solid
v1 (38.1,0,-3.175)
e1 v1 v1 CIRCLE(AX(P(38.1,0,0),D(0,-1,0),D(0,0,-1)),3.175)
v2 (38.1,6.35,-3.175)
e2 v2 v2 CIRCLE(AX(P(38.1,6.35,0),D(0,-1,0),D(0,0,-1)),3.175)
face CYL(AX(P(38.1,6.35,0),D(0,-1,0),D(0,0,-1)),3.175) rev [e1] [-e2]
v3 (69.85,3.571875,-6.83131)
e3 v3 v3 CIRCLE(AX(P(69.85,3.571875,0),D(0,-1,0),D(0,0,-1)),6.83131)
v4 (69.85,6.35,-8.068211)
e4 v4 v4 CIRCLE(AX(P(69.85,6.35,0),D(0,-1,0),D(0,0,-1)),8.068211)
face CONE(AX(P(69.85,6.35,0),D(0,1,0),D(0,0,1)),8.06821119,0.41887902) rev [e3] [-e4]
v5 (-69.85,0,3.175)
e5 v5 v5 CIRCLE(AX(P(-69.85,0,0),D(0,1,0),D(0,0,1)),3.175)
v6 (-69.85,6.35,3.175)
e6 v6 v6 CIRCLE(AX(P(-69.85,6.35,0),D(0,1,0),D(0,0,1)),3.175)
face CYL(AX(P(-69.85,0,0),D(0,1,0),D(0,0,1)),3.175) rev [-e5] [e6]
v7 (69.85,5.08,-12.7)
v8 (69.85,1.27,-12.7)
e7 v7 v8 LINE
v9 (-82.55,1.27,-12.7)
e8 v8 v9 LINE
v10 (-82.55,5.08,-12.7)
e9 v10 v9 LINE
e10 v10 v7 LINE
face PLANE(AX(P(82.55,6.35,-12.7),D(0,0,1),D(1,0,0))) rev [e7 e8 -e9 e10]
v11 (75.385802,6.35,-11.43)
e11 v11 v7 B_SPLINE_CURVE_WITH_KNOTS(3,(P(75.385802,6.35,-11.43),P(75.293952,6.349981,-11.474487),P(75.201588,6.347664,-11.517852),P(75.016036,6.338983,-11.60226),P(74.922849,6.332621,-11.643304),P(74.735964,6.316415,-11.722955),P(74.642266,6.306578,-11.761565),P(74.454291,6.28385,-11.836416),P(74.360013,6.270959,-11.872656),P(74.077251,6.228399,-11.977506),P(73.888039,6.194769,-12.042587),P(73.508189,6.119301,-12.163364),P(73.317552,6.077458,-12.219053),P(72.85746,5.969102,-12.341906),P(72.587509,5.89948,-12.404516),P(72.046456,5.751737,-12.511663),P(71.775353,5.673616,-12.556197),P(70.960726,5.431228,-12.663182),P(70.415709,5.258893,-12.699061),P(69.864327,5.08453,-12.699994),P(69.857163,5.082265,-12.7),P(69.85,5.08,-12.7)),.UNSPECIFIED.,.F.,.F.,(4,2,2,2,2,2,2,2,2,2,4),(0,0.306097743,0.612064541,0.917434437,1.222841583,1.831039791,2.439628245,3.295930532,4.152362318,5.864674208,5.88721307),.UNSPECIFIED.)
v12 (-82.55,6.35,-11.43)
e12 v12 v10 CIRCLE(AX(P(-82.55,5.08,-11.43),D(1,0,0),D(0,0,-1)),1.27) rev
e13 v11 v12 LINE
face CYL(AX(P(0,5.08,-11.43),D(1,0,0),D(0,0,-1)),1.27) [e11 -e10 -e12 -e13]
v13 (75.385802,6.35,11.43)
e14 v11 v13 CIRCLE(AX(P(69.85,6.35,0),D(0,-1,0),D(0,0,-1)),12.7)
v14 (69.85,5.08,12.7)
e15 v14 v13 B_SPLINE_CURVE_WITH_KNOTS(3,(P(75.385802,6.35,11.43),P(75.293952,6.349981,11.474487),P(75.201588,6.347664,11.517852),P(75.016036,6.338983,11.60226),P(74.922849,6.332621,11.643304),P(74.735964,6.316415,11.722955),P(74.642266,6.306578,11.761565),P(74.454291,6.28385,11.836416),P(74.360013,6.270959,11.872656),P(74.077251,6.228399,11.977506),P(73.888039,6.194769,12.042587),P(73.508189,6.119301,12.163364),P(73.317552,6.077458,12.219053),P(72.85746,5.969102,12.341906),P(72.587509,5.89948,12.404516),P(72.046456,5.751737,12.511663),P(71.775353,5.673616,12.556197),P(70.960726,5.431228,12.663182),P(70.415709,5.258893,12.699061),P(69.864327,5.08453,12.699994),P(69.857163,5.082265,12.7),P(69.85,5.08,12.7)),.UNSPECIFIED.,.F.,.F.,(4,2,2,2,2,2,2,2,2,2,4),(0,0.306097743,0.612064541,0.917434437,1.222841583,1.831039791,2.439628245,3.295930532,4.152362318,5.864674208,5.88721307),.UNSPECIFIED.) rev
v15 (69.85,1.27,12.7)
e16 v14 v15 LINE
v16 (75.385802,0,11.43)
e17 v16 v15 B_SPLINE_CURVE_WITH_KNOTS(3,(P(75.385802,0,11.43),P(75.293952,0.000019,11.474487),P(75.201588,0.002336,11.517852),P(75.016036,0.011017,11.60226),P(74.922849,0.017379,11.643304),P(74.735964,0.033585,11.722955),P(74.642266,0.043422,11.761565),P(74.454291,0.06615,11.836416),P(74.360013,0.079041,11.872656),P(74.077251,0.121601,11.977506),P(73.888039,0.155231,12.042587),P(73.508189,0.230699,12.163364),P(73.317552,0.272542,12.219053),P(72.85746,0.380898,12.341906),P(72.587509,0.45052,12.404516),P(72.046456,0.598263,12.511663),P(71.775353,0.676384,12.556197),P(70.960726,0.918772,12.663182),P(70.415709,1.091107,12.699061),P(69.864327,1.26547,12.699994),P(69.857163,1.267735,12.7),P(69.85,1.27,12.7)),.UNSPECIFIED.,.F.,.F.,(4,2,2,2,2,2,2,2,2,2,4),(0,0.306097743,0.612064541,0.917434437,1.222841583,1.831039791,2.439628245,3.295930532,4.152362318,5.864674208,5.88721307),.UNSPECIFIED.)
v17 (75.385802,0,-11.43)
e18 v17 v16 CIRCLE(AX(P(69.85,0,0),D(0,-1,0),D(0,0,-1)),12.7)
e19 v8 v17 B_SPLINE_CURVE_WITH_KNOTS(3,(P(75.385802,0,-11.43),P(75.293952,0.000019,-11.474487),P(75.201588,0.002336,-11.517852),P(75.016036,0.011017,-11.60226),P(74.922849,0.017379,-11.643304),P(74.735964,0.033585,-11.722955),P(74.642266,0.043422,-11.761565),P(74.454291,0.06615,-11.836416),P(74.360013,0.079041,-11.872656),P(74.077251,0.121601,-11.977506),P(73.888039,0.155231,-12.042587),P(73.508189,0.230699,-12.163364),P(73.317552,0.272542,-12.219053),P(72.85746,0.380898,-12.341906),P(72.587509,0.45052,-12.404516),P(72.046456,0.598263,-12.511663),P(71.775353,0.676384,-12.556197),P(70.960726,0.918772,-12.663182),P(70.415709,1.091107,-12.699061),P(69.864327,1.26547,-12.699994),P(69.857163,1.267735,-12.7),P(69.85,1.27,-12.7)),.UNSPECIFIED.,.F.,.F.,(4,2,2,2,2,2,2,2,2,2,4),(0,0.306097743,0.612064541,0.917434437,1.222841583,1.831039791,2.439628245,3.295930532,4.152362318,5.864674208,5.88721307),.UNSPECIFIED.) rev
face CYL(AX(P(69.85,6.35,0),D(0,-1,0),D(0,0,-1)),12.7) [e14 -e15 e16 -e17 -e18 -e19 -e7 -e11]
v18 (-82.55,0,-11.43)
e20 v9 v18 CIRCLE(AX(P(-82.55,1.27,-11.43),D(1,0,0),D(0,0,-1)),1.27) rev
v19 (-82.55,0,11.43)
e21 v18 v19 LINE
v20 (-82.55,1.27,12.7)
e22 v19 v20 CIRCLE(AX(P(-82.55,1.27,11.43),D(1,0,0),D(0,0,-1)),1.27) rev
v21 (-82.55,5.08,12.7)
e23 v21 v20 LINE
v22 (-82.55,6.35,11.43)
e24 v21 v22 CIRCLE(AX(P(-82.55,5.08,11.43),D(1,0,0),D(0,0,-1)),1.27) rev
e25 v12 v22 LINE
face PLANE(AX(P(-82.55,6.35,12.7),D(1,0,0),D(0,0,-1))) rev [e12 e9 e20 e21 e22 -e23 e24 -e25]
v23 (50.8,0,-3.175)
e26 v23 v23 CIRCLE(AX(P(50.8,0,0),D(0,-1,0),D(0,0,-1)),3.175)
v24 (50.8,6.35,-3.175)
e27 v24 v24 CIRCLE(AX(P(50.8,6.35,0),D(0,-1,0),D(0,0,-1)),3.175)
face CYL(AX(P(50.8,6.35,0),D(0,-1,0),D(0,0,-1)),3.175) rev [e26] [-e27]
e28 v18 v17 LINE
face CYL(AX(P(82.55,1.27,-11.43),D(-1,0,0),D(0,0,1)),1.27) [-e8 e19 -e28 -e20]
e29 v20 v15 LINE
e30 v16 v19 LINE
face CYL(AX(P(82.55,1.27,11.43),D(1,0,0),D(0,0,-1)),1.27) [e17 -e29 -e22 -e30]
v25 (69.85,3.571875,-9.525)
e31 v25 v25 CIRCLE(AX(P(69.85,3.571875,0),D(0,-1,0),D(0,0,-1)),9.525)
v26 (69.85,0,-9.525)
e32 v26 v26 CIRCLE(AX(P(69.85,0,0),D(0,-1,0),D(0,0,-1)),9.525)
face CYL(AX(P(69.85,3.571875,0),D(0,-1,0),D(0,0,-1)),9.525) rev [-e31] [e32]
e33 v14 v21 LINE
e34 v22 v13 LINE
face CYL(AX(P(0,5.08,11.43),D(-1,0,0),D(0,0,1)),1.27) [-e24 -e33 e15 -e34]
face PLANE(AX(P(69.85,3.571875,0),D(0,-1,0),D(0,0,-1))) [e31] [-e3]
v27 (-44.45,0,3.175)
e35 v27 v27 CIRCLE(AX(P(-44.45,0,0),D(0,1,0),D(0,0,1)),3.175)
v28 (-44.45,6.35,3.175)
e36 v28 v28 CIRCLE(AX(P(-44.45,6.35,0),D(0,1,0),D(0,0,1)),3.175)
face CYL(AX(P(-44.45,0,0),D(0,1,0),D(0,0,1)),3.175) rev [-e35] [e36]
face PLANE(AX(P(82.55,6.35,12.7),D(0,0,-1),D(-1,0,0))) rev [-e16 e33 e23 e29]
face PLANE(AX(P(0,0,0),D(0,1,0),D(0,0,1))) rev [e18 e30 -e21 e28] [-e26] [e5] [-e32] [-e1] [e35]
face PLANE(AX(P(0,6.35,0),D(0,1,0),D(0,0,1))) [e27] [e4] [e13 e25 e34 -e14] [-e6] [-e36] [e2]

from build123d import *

# Parameters (mm, degrees)
SKETCH1_W           = 165.1
SKETCH1_H           = 25.4
BOSS_EXTRUDE1_DEPTH = 6.35
FILLET1_R           = 1.27
SKETCH2_R           = 3.175
SKETCH2_R_2         = 6.35
CUT_EXTRUDE1_DEPTH  = 84.762252835
SKETCH3_R           = 9.525
CUT_EXTRUDE2_DEPTH  = 3.571875
CUT_EXTRUDE3_DEPTH  = 84.762252835
SKETCH5_R           = 3.175
CUT_EXTRUDE4_DEPTH  = 84.762252956


with BuildPart() as part:
    # Sketch1 → Boss-Extrude1 (new body)
    with BuildSketch(Plane(origin=(0, 0, 0), x_dir=(1, 0, 0), z_dir=(0, 1, 0))):
        Rectangle(SKETCH1_W, SKETCH1_H)
    extrude(amount=BOSS_EXTRUDE1_DEPTH)

    # Fillet1
    fillet1_edges = [part.edges().sort_by_distance(p)[0] for p in [
        (0, 0, -12.7),
        (0, 6.35, -12.7),
        (0, 0, 12.7),
        (0, 6.35, 12.7),
    ]]
    fillet(fillet1_edges, radius=FILLET1_R)

    # Sketch2 → Cut-Extrude1 (cut, through all)
    with BuildSketch(Plane(origin=(0, 6.35, 0), x_dir=(1, 0, 0), z_dir=(0, 1, 0))):
        with Locations((-69.85, 0)):
            Circle(SKETCH2_R)
        with Locations((69.85, 0)):
            Circle(SKETCH2_R_2)
        with Locations((-44.45, 0)):
            Circle(SKETCH2_R)
    extrude(amount=-CUT_EXTRUDE1_DEPTH, mode=Mode.SUBTRACT)

    # Sketch3 → Cut-Extrude2 (cut)
    with BuildSketch(Plane.XZ):
        with Locations((69.85, 0)):
            Circle(SKETCH3_R)
    extrude(amount=-CUT_EXTRUDE2_DEPTH, mode=Mode.SUBTRACT)

    # Sketch4 → Cut-Extrude3 (cut, through all)
    with BuildSketch(Plane.XZ):
        with BuildLine():
            Line((69.85, -12.7), (82.55, -12.7))
            Line((82.55, -12.7), (82.55, 0))
            ThreePointArc((82.55, 0), (78.830256121, -8.980256121), (69.85, -12.7))
        make_face()
        with BuildLine():
            Line((82.55, 0), (82.55, 12.7))
            Line((82.55, 12.7), (69.85, 12.7))
            ThreePointArc((69.85, 12.7), (78.830256121, 8.980256121), (82.55, 0))
        make_face()
    extrude(amount=-CUT_EXTRUDE3_DEPTH, mode=Mode.SUBTRACT)

    # Sketch5 → Cut-Extrude4 (cut, through all)
    with BuildSketch(Plane.XZ):
        with Locations((50.8, 0)):
            Circle(SKETCH5_R)
        with Locations((38.1, 0)):
            Circle(SKETCH5_R)
    extrude(amount=-CUT_EXTRUDE4_DEPTH, mode=Mode.SUBTRACT)

    # Sketch8 → Cut-Revolve1 (revolve, cut)
    with BuildSketch(Plane.XY):
        Polygon((77.91821119, 6.35), (76.2, 6.35), (76.2, 3.571875), (76.681310248, 3.571875), align=None)
    revolve(axis=Axis((69.85, 3.571875, 0), (0, 1, 0)), mode=Mode.SUBTRACT)


solid = part.part
